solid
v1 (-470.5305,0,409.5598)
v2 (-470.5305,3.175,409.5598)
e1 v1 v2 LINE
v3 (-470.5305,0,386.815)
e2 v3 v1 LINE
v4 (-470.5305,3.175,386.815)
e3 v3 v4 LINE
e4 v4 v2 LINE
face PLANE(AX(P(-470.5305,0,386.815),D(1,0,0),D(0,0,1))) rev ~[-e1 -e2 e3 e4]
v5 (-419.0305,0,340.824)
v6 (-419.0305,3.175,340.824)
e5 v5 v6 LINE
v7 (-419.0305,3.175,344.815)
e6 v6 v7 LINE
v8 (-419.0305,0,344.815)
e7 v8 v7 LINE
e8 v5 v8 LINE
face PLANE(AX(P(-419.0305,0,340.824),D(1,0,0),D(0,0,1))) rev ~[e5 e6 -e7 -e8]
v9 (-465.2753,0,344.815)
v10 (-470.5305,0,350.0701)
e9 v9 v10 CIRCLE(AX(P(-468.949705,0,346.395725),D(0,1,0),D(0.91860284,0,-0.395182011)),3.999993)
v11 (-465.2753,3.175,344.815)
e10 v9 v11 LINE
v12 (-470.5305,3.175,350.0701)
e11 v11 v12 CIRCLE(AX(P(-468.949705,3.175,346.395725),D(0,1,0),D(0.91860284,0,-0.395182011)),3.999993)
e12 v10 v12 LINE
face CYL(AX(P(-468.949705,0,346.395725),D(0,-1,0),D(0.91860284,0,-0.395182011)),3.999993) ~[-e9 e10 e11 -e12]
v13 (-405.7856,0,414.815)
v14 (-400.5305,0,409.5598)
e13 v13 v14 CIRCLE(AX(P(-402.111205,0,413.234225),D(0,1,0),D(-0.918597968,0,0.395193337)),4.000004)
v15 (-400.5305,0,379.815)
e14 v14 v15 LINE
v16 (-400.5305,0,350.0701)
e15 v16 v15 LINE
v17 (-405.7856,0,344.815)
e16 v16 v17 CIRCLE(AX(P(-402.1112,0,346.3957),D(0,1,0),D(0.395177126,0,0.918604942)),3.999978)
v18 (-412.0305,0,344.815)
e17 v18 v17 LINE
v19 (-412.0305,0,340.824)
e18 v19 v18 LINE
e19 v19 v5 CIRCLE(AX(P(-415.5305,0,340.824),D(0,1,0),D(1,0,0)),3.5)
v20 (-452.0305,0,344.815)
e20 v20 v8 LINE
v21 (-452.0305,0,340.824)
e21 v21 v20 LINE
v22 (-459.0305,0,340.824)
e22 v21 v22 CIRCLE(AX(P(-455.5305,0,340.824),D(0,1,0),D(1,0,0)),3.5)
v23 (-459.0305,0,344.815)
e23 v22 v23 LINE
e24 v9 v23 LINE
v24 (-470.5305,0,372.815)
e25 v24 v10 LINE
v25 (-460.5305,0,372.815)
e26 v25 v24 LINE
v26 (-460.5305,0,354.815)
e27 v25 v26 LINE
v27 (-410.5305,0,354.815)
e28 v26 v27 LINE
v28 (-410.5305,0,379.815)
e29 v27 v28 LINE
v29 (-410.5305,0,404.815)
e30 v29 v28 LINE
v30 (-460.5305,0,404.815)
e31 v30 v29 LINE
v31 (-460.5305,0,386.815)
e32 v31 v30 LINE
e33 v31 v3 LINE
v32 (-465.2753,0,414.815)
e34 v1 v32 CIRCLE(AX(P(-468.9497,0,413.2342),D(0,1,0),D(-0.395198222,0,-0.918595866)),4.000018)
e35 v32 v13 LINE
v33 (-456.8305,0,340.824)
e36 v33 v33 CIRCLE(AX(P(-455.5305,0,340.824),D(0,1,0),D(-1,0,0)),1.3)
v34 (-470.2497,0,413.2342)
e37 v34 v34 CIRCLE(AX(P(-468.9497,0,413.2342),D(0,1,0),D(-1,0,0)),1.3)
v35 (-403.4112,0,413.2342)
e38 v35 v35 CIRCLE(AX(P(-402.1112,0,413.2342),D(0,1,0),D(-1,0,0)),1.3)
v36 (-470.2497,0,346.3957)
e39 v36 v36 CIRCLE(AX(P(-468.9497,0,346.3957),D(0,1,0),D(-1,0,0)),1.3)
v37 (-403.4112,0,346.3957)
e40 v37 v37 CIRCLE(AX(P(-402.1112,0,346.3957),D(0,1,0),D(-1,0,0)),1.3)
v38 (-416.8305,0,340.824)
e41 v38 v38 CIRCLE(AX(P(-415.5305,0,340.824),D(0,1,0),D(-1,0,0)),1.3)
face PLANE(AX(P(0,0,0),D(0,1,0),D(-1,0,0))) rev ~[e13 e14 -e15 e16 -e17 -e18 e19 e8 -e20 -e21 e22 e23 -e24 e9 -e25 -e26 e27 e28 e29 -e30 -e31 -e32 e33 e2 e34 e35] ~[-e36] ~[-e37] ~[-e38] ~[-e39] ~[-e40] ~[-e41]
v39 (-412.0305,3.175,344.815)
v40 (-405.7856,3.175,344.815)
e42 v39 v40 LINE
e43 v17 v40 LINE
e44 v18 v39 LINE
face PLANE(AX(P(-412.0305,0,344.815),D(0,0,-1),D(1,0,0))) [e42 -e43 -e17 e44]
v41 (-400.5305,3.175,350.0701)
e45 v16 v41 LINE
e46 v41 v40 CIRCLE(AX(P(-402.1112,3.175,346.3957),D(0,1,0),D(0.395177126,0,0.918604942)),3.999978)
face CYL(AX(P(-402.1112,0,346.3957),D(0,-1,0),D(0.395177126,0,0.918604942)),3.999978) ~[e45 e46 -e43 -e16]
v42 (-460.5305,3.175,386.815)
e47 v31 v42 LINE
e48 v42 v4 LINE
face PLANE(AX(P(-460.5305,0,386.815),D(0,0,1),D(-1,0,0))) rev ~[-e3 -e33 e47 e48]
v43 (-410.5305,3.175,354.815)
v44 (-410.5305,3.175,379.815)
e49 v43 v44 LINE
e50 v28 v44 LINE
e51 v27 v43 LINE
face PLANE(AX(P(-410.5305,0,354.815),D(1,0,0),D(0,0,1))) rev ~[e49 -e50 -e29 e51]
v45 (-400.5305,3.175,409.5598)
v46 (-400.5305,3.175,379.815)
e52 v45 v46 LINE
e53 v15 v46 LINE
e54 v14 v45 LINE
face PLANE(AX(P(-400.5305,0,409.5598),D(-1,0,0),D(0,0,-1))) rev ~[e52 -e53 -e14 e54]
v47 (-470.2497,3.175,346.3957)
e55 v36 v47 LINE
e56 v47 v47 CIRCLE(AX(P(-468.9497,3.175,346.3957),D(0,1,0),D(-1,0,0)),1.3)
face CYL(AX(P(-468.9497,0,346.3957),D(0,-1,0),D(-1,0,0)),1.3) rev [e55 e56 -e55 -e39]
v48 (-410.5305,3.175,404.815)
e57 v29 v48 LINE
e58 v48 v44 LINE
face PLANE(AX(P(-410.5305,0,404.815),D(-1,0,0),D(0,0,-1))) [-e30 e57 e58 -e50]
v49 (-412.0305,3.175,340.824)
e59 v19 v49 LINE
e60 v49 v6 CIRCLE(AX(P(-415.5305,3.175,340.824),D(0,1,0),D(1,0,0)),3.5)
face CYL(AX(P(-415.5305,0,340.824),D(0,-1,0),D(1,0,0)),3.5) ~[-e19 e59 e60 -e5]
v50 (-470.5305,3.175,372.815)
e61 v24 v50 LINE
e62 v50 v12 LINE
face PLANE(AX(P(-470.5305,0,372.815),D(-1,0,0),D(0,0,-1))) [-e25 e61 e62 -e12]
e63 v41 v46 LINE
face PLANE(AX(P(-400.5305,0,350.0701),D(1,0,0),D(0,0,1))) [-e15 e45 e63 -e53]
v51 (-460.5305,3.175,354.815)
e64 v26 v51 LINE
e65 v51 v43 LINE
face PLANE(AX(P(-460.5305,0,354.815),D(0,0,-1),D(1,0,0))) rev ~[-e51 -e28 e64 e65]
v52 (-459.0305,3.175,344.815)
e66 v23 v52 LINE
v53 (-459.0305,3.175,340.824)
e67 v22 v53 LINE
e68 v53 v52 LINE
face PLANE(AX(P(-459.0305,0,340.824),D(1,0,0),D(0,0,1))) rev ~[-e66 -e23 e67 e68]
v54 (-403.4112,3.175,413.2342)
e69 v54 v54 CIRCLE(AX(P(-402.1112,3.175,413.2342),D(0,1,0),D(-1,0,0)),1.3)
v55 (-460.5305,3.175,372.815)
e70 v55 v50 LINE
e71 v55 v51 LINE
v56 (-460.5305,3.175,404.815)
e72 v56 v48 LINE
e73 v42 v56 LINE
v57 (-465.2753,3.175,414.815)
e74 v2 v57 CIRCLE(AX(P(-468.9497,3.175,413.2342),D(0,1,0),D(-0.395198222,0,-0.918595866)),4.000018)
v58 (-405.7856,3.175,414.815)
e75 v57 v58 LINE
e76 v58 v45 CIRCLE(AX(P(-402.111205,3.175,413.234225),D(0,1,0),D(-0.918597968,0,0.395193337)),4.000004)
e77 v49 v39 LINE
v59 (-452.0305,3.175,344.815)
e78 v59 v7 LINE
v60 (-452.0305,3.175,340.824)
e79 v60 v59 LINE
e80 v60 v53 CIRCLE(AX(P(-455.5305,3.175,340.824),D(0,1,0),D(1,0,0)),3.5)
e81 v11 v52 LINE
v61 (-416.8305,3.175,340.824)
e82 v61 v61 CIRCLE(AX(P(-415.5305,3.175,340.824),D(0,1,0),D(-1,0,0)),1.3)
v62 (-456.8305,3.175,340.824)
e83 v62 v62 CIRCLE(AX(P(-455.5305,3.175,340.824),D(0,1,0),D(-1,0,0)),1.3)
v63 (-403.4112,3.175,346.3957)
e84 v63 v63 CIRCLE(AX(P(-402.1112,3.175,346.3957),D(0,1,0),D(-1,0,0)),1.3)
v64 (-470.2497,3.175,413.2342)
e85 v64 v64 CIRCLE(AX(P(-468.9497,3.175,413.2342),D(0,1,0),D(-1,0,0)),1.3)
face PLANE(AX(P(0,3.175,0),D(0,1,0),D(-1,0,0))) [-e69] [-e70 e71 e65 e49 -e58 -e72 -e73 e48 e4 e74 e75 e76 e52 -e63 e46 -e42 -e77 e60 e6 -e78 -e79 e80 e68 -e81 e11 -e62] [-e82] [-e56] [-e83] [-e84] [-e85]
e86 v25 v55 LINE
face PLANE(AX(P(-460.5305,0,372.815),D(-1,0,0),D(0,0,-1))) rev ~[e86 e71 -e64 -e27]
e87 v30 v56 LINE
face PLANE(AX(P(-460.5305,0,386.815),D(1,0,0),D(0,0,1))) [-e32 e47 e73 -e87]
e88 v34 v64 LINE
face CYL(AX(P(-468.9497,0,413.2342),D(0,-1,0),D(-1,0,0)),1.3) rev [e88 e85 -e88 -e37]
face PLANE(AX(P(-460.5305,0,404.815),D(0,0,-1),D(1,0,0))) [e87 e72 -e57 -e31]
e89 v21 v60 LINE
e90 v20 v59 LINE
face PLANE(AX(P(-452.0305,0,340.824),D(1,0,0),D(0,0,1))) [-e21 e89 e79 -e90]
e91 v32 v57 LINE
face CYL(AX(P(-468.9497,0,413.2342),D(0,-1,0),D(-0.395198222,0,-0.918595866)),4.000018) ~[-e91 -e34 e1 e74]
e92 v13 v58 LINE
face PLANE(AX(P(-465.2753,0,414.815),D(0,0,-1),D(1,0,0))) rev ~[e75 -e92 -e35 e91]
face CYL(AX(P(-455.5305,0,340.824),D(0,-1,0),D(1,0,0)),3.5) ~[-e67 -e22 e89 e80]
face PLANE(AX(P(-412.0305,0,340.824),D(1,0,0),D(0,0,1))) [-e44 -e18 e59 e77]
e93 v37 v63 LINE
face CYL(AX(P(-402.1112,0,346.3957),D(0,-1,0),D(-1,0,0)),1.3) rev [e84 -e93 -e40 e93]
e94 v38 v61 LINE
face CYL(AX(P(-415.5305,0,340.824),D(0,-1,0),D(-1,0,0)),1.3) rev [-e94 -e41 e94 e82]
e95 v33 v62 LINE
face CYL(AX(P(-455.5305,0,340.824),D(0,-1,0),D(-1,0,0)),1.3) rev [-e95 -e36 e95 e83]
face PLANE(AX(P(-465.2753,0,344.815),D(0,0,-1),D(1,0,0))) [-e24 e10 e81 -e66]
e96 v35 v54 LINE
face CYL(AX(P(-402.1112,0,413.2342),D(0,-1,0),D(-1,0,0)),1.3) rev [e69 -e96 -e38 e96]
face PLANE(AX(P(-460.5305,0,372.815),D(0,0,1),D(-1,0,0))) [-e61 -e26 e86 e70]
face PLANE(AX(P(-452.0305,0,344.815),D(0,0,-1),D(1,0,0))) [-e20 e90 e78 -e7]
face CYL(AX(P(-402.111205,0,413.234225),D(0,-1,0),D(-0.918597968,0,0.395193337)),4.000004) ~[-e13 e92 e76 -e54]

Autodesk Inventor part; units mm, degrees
ref_plane "YZ Plane" through (0, 0, 0) normal (1, 0, 0) x (0, 1, 0)
ref_plane "XZ Plane" through (0, 0, 0) normal (0, 1, 0) x (-1, 0, 0)
ref_plane "XY Plane" through (0, 0, 0) normal (0, 0, 1) x (1, 0, 0)
sketch "Sketch1" plane through (0, 0, 0) normal (0, 1, 0) x (-1, 0, 0)
  line L0 (405.5305, 409.815) -> (465.5305, 409.815) construction
  line L1 (405.5305, 379.815) -> (405.5305, 409.815) construction
  line L2 (460.5305, 404.815) -> (410.5305, 404.815)
  line L3 (410.5305, 404.815) -> (410.5305, 379.815)
  line L4 (460.5305, 386.815) -> (470.5305, 386.815)
  line L5 (470.5305, 414.815) -> (465.2753, 414.815)
  line L6 (400.5305, 414.815) -> (400.5305, 409.5598) construction
  line L7 (465.5305, 409.815) -> (465.5305, 386.815) construction
  line L8 (460.5305, 386.815) -> (460.5305, 404.815)
  line L9 (470.5305, 386.815) -> (470.5305, 409.5598)
  line L10 (405.5305, 409.815) -> (400.5305, 414.815) construction
  line L11 (400.5305, 379.815) -> (470.5305, 379.815) construction
  line L12 (465.5305, 409.815) -> (470.5305, 414.815) construction
  arc A0 (405.7856, 414.815) -> (400.5305, 409.5598) centre (402.1112, 413.2342) ccw
  arc A1 (404.9397, 410.4058) -> (405.7856, 414.815) centre (402.1112, 413.2342) ccw construction
  line L13 (400.5305, 409.5598) -> (400.5305, 379.815)
  arc A2 (400.5305, 409.5598) -> (404.9397, 410.4058) centre (402.1112, 413.2342) ccw construction
  line L14 (405.7856, 414.815) -> (400.5305, 414.815) construction
  circle A3 centre (402.1112, 413.2342) radius 1.3
  line L15 (435.5305, 414.815) -> (435.5305, 379.815) construction
  arc A4 (465.2753, 414.815) -> (470.5305, 409.5598) centre (468.9497, 413.2342) ccw construction
  arc A5 (470.5305, 409.5598) -> (465.2753, 414.815) centre (468.9497, 413.2342) ccw
  line L16 (470.5305, 409.5598) -> (470.5305, 414.815) construction
  line L17 (465.2753, 414.815) -> (405.7856, 414.815)
  circle A6 centre (468.9497, 413.2342) radius 1.3
  line L18 (460.5305, 372.815) -> (460.5305, 354.815)
  line L19 (465.5305, 349.815) -> (465.5305, 372.815) construction
  line L20 (460.5305, 372.815) -> (470.5305, 372.815)
  line L21 (470.5305, 372.815) -> (470.5305, 350.0701)
  arc A7 (470.5305, 350.0701) -> (465.2753, 344.815) centre (468.9497, 346.3957) ccw construction
  line L22 (470.5305, 344.815) -> (465.2753, 344.815) construction
  line L23 (465.5305, 349.815) -> (470.5305, 344.815) construction
  line L24 (470.5305, 350.0701) -> (470.5305, 344.815) construction
  arc A8 (465.2753, 344.815) -> (470.5305, 350.0701) centre (468.9497, 346.3957) ccw
  circle A9 centre (468.9497, 346.3957) radius 1.3
  line L25 (400.5305, 344.815) -> (400.5305, 350.0701) construction
  circle A10 centre (402.1112, 346.3957) radius 1.3
  line L26 (405.5305, 349.815) -> (400.5305, 344.815) construction
  line L27 (405.7856, 344.815) -> (400.5305, 344.815) construction
  arc A11 (400.5305, 350.0701) -> (405.7856, 344.815) centre (402.1112, 346.3957) ccw
  line L28 (435.5305, 344.815) -> (435.5305, 379.815) construction
  line L29 (405.5305, 349.815) -> (465.5305, 349.815) construction
  line L30 (460.5305, 354.815) -> (410.5305, 354.815)
  arc A12 (405.7856, 344.815) -> (404.9397, 349.2242) centre (402.1112, 346.3957) ccw construction
  line L31 (410.5305, 354.815) -> (410.5305, 379.815)
  line L32 (405.5305, 379.815) -> (405.5305, 349.815)
  line L33 (400.5305, 350.0701) -> (400.5305, 379.815)
  arc A13 (404.9397, 349.2242) -> (400.5305, 350.0701) centre (402.1112, 346.3957) ccw construction
  circle A14 centre (415.5305, 340.824) radius 1.3
  arc A15 (412.0305, 340.824) -> (419.0305, 340.824) centre (415.5305, 340.824) ccw
  line L34 (412.0305, 340.824) -> (412.0305, 344.815)
  line L35 (419.0305, 340.824) -> (419.0305, 344.815)
  line L36 (452.0305, 340.824) -> (452.0305, 344.815)
  circle A16 centre (455.5305, 340.824) radius 1.3
  arc A17 (452.0305, 340.824) -> (459.0305, 340.824) centre (455.5305, 340.824) ccw
  line L37 (459.0305, 340.824) -> (459.0305, 344.815)
  line L38 (412.0305, 344.815) -> (405.7856, 344.815)
  line L39 (465.2753, 344.815) -> (459.0305, 344.815)
  line L40 (452.0305, 344.815) -> (419.0305, 344.815)
  point P0 (0, 0)
  point P1 (403.0305, 412.315)
  point P2 (468.0305, 412.315)
  point P3 (468.0305, 347.315)
  point P4 (403.0305, 347.315)
  dimension "d0" = 23
  dimension "d1" = 5
  dimension "d2" = 8
  dimension "d3" = 2.6
  dimension "d4" = 8
  dimension "d5" = 2.6
  dimension "d6" = 2.6
  dimension "d7" = 20
  dimension "d8" = 35
  dimension "d9" = 7
extrude "Extrusion1" add sketch "Sketch1" along normal blind 3.175
properties part number "trellisCaptiveTop"
